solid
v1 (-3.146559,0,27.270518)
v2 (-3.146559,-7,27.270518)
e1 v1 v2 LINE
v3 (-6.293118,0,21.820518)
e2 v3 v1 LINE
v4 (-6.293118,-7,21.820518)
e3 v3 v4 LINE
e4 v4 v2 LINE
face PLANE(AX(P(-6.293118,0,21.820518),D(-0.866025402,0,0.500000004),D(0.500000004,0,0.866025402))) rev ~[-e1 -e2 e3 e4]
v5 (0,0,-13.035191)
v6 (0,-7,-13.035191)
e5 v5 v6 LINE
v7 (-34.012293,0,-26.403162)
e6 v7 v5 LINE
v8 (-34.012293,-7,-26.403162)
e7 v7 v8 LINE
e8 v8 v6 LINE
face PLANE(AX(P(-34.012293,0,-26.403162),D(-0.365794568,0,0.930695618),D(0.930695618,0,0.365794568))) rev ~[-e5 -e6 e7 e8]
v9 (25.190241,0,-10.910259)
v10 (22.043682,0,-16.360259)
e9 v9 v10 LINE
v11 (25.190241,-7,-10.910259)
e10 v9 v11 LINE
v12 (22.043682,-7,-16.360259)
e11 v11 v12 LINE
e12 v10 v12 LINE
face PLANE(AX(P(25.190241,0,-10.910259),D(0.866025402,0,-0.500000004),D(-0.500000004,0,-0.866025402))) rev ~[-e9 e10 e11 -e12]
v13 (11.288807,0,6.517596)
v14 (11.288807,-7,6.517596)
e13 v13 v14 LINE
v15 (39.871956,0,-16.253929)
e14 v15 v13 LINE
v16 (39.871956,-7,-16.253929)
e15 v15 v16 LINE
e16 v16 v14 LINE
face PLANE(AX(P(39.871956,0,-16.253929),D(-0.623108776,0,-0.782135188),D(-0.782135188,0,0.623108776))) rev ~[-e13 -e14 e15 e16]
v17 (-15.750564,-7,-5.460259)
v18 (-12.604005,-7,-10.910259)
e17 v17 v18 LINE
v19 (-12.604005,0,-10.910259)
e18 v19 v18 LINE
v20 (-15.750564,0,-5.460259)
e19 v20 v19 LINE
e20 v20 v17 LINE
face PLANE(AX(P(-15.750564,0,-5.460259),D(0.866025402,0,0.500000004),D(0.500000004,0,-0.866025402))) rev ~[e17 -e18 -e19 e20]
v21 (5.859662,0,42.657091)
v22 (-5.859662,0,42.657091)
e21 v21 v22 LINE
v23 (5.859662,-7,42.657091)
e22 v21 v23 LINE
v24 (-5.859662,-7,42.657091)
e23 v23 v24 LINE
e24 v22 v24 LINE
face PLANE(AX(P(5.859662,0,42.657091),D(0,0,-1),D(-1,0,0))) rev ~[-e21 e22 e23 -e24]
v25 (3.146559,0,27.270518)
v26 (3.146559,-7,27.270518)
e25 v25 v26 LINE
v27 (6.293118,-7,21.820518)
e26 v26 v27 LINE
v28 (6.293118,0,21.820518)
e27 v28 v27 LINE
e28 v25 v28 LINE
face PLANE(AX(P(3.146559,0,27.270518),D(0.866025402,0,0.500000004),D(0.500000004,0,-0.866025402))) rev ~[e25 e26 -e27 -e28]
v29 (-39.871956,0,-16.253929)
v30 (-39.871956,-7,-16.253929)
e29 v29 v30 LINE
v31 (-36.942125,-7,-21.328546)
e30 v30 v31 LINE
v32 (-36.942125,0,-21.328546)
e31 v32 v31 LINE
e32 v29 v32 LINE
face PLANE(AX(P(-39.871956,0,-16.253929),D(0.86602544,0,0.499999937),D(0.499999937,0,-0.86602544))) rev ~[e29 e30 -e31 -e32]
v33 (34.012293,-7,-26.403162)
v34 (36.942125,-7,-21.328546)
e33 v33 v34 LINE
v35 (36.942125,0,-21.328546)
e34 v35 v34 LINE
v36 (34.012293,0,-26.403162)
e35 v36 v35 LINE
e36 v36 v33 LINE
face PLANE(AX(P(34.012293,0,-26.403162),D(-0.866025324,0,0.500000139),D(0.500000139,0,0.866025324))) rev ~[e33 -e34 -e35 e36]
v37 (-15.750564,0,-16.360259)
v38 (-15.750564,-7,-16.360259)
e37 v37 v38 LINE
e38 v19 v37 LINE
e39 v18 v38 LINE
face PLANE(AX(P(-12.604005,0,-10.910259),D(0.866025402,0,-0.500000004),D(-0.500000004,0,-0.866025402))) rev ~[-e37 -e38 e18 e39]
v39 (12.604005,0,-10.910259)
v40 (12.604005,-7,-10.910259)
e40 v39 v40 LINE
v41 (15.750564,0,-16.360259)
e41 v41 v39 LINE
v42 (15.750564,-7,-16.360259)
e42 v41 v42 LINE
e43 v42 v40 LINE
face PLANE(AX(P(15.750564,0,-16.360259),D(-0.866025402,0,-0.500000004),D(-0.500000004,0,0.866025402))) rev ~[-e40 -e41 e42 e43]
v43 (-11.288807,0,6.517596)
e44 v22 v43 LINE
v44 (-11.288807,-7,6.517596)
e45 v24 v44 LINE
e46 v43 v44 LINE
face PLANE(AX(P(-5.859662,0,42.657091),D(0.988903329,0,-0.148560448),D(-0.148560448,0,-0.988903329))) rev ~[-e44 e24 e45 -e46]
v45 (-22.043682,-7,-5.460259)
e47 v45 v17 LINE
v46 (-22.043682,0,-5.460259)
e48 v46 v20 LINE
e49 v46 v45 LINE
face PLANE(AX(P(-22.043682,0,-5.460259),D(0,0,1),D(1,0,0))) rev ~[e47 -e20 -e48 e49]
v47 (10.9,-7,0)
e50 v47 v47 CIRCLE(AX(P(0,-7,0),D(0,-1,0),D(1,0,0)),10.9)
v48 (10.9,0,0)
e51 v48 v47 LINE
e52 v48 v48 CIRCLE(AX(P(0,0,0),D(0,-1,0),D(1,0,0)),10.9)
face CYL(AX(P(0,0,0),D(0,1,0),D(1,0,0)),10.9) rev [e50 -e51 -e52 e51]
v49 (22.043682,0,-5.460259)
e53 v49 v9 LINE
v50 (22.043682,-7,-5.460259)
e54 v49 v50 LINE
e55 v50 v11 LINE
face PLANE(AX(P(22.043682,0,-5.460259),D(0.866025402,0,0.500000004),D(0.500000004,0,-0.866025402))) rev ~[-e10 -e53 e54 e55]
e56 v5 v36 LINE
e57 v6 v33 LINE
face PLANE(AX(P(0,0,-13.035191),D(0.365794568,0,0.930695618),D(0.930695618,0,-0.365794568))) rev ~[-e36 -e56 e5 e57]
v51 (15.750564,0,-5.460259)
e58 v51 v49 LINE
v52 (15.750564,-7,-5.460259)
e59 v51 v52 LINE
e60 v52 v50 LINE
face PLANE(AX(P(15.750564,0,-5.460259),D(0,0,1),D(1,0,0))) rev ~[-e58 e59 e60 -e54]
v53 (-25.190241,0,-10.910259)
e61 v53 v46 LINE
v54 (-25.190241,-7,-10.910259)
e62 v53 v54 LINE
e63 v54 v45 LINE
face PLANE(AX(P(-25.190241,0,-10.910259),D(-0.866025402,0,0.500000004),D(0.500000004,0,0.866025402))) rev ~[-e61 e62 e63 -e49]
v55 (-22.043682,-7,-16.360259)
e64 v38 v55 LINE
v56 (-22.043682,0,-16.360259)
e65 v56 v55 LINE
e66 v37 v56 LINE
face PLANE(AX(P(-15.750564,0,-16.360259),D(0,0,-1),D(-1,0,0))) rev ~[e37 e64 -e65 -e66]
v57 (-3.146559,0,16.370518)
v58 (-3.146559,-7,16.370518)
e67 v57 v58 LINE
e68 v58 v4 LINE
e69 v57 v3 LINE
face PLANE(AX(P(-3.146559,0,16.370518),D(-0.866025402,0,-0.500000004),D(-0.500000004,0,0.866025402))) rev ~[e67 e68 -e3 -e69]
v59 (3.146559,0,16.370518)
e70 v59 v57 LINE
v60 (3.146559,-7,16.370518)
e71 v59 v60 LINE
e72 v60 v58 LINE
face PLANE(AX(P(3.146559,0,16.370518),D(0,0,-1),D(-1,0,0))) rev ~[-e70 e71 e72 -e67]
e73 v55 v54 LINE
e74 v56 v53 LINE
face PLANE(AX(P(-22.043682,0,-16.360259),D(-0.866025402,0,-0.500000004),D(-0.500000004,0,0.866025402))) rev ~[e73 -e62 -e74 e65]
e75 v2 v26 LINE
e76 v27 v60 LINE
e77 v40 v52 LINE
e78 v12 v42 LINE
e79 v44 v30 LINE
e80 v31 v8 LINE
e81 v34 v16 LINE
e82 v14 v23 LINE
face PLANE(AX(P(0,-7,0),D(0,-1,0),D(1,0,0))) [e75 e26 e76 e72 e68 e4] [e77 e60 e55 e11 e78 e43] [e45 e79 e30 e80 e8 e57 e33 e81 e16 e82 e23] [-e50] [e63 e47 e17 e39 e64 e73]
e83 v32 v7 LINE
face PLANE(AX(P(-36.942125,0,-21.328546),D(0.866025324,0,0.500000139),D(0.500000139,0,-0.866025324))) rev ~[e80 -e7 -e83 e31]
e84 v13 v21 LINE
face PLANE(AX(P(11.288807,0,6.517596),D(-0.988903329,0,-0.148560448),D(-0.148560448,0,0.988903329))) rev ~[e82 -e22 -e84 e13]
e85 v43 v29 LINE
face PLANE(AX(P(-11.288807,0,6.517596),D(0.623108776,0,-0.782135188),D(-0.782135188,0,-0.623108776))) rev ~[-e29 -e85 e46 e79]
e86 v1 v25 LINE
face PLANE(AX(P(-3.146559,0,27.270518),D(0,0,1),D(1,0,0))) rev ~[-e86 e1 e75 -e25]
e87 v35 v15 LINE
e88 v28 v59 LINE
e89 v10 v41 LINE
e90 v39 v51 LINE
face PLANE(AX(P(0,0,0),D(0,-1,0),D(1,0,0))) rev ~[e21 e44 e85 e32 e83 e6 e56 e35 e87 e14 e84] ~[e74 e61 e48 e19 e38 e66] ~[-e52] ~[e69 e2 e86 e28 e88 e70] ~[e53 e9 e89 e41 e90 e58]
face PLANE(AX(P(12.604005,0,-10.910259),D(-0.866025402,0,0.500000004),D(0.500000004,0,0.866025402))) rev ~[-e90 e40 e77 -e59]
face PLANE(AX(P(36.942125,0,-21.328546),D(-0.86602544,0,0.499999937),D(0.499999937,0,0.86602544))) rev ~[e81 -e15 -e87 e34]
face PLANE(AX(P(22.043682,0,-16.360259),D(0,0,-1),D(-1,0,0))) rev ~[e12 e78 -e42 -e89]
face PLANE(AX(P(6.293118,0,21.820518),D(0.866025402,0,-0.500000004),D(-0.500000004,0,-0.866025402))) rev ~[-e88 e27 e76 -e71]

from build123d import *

# Parameters (mm, degrees)
F0_R     = 10.9
F1_DEPTH = 7
F2_DEPTH = 7


with BuildPart() as f1:
    # F0 (on Front) → F1 (new body)
    with BuildSketch(Plane.XZ):
        Polygon((-5.859662, 42.657091), (-11.288807, 6.517596), (-39.871956, -16.253929), (-36.942125, -21.328546), (-34.012293, -26.403162), (0, -13.035191), (34.012293, -26.403162), (36.942125, -21.328546), (39.871956, -16.253929), (11.288807, 6.517596), (5.859662, 42.657091), (0, 42.657091), align=None)
        Polygon((-15.750564, -16.360259), (-22.043682, -16.360259), (-25.190241, -10.910259), (-22.043682, -5.460259), (-15.750564, -5.460259), (-12.604005, -10.910259), align=None, mode=Mode.SUBTRACT)
        Polygon((22.043682, -5.460259), (25.190241, -10.910259), (22.043682, -16.360259), (15.750564, -16.360259), (12.604005, -10.910259), (15.750564, -5.460259), align=None, mode=Mode.SUBTRACT)
        Circle(F0_R, mode=Mode.SUBTRACT)
        Polygon((6.293118, 21.820518), (3.146559, 16.370518), (-3.146559, 16.370518), (-6.293118, 21.820518), (-3.146559, 27.270518), (3.146559, 27.270518), align=None, mode=Mode.SUBTRACT)
    extrude(amount=F1_DEPTH)

    # F0 (on Front) → F2 (join)
    with BuildSketch(Plane.XZ):
        Polygon((-5.859662, 42.657091), (-11.288807, 6.517596), (-39.871956, -16.253929), (-36.942125, -21.328546), (-34.012293, -26.403162), (0, -13.035191), (34.012293, -26.403162), (36.942125, -21.328546), (39.871956, -16.253929), (11.288807, 6.517596), (5.859662, 42.657091), (0, 42.657091), align=None)
        Polygon((-15.750564, -16.360259), (-22.043682, -16.360259), (-25.190241, -10.910259), (-22.043682, -5.460259), (-15.750564, -5.460259), (-12.604005, -10.910259), align=None, mode=Mode.SUBTRACT)
        Polygon((22.043682, -5.460259), (25.190241, -10.910259), (22.043682, -16.360259), (15.750564, -16.360259), (12.604005, -10.910259), (15.750564, -5.460259), align=None, mode=Mode.SUBTRACT)
        Circle(F0_R, mode=Mode.SUBTRACT)
        Polygon((6.293118, 21.820518), (3.146559, 16.370518), (-3.146559, 16.370518), (-6.293118, 21.820518), (-3.146559, 27.270518), (3.146559, 27.270518), align=None, mode=Mode.SUBTRACT)
    extrude(amount=F2_DEPTH)


solid = f1.part
